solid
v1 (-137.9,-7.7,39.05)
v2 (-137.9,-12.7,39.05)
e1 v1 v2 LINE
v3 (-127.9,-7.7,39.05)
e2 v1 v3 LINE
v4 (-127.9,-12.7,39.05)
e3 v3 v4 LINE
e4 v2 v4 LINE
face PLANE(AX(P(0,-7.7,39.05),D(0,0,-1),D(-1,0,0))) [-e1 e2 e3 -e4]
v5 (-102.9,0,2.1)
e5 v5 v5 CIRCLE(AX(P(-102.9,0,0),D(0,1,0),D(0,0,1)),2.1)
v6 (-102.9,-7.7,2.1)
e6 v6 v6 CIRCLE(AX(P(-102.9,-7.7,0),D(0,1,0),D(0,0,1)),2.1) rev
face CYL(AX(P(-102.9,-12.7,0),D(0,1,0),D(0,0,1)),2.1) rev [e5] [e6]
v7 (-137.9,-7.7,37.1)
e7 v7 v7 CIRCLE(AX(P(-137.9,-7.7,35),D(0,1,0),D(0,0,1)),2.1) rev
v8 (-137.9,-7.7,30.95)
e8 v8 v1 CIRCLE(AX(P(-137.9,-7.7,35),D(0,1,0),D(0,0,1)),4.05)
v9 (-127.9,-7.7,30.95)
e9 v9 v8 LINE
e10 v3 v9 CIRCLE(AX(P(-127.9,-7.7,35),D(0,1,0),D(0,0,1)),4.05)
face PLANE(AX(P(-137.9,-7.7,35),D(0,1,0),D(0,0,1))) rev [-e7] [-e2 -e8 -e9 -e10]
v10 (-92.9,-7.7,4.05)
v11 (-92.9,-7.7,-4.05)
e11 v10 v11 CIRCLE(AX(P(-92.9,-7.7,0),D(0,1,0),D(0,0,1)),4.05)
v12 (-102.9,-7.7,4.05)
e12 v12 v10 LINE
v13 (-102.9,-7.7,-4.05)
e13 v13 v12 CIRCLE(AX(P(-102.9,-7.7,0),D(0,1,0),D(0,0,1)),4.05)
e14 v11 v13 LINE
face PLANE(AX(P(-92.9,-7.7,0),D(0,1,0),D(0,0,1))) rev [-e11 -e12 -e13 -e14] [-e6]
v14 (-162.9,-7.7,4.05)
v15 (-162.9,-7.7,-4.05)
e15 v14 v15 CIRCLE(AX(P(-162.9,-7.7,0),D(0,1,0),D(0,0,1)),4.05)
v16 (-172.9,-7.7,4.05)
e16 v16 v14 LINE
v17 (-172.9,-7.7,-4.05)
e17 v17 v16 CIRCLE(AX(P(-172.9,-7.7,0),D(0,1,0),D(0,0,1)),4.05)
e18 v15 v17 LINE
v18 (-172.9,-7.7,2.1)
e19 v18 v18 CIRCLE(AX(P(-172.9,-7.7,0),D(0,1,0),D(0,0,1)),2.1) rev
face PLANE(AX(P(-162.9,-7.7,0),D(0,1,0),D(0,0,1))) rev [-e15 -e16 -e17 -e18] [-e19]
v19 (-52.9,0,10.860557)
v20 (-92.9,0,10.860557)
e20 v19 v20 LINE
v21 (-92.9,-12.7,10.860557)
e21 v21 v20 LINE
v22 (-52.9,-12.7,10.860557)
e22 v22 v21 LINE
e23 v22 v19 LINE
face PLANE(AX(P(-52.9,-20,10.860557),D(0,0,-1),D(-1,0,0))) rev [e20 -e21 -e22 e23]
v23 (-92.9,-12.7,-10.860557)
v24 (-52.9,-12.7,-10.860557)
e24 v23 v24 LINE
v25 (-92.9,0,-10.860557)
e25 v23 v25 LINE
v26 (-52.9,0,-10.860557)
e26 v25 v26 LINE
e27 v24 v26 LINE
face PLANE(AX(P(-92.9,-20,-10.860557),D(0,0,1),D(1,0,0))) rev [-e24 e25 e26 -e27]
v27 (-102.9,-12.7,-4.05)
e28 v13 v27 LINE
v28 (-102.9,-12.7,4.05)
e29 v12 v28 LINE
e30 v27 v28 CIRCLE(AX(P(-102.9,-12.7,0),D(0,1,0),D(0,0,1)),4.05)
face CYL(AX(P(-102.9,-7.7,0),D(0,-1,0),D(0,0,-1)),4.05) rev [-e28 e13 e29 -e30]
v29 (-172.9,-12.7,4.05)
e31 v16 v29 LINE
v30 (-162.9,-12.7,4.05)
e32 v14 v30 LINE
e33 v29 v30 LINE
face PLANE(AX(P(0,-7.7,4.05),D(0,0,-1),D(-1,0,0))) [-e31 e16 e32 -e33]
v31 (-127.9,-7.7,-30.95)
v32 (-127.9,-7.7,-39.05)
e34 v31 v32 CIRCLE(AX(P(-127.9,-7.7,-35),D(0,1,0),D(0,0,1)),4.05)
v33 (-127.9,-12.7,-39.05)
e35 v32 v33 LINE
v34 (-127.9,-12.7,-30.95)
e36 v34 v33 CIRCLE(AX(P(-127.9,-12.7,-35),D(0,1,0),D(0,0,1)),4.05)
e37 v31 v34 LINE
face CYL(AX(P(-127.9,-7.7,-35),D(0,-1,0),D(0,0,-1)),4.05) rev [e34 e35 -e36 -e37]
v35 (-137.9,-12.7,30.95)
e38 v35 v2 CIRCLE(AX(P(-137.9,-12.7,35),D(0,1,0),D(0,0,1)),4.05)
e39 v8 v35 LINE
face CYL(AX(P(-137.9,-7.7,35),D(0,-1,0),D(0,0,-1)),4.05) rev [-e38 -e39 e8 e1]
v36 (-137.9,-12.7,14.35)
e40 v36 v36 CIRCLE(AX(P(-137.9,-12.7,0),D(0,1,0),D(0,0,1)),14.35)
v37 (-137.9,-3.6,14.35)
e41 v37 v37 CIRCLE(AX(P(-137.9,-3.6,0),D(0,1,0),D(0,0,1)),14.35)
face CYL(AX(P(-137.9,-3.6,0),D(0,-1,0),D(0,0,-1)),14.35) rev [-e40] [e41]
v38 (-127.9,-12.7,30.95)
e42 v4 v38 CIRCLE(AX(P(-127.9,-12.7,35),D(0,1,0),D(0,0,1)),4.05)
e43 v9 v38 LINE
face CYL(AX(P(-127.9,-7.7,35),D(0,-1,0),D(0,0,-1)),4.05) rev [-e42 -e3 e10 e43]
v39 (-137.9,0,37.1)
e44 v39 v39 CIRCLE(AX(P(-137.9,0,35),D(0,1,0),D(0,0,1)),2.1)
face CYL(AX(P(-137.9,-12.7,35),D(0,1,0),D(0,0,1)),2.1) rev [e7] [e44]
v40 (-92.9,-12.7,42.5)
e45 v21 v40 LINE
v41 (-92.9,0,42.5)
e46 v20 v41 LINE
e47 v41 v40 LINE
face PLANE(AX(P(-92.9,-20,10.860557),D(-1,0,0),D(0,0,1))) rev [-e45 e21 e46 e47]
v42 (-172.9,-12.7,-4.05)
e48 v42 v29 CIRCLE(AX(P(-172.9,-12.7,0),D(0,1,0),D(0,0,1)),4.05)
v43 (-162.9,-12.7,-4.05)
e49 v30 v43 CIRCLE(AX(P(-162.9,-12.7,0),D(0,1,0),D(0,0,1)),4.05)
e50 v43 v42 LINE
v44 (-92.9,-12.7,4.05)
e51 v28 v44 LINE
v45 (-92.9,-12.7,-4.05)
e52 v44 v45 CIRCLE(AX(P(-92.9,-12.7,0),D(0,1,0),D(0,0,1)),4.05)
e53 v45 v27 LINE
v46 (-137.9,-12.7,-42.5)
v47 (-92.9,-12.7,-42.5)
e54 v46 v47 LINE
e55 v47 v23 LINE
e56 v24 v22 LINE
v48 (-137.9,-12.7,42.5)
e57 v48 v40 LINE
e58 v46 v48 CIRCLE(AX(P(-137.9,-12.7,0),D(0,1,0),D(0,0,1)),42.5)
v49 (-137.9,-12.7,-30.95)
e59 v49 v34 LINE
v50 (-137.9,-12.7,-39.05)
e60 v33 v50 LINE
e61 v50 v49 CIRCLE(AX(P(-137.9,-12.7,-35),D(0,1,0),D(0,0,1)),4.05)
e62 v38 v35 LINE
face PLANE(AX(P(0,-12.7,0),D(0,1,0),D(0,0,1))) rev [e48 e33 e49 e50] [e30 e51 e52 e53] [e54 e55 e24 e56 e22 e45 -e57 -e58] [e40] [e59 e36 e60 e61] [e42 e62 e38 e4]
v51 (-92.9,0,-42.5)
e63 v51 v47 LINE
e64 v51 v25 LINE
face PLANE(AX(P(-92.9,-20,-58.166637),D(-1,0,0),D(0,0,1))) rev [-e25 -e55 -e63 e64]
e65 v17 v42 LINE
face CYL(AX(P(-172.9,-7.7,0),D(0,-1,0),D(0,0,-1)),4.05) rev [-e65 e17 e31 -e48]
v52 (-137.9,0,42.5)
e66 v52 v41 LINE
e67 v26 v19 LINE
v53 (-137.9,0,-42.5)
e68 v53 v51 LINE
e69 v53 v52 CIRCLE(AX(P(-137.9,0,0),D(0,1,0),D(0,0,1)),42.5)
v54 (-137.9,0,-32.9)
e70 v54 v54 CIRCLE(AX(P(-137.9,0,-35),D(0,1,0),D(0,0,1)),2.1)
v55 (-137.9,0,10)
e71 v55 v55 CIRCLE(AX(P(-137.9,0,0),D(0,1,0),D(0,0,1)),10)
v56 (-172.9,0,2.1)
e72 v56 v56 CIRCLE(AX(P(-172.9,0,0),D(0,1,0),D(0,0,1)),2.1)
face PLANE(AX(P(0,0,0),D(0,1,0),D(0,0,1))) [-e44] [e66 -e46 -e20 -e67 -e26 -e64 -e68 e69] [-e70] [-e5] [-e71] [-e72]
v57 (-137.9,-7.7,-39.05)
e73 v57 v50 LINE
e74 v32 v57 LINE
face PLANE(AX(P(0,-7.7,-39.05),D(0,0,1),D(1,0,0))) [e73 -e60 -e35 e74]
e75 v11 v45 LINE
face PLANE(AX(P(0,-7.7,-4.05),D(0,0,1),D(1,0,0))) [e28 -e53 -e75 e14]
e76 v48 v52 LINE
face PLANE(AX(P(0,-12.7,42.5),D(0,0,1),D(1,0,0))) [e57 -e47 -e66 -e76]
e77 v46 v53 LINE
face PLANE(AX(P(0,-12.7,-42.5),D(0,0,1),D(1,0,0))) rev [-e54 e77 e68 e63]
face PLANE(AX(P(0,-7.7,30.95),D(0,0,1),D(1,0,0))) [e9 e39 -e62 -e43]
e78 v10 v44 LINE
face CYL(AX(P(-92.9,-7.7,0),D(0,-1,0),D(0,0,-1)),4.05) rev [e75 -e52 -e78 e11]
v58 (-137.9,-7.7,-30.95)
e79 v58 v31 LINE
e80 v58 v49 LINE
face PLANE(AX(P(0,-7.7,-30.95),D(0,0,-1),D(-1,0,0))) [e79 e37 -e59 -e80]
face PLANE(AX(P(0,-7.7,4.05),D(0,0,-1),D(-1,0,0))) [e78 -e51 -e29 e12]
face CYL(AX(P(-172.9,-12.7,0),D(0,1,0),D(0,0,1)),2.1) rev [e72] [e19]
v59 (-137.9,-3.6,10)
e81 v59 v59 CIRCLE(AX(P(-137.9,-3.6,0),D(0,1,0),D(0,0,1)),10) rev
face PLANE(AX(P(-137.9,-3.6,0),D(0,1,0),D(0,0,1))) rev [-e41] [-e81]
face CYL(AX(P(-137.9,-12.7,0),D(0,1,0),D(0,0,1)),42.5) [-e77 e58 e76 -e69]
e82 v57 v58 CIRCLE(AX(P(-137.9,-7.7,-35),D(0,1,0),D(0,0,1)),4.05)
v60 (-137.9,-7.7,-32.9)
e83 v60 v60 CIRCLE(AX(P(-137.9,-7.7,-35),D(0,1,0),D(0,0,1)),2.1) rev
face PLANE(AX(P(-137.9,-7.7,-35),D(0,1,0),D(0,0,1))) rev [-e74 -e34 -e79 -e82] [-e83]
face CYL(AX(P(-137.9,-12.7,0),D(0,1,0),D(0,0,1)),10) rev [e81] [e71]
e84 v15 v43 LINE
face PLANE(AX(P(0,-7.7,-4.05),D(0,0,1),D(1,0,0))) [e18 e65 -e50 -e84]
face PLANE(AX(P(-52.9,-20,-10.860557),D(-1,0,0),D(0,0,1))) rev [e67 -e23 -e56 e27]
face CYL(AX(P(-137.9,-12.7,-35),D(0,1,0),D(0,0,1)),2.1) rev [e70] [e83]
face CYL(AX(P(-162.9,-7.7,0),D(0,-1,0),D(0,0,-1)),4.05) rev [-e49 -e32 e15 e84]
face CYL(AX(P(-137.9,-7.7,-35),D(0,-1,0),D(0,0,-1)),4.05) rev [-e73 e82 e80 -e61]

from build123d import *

# Parameters (mm, degrees)
SKETCH1_R           = 2.1
SKETCH1_R_2         = 10
BOSS_EXTRUDE1_DEPTH = 12.7
SKETCH2_R           = 14.35
CUT_EXTRUDE1_DEPTH  = 8.1
CUT_EXTRUDE2_START  = -12.7
SKETCH3_R           = 14.35
CUT_EXTRUDE2_DEPTH  = 9.1
CUT_EXTRUDE3_START  = -12.7
CUT_EXTRUDE3_DEPTH  = 5
CUT_EXTRUDE4_DEPTH  = 20


with BuildPart() as part:
    # Sketch1 → Boss-Extrude1 (new body)
    with BuildSketch(Plane(origin=(0, 0, 0), x_dir=(1, 0, 0), z_dir=(0, 1, 0))):
        with BuildLine():
            Line((0, 42.5), (-137.9, 42.5))
            ThreePointArc((-137.9, 42.5), (-180.4, 0), (-137.9, -42.5))
            Line((-137.9, -42.5), (0, -42.5))
            ThreePointArc((0, -42.5), (42.5, 0), (0, 42.5))
        make_face()
        with Locations(Location((-102.9, 0, 0), (0, 0, 270))):
            Circle(SKETCH1_R, mode=Mode.SUBTRACT)
        with Locations(Location((-137.9, 35, 0), (0, 0, 270))):
            Circle(SKETCH1_R, mode=Mode.SUBTRACT)
        with Locations(Location((-137.9, -35, 0), (0, 0, 270))):
            Circle(SKETCH1_R, mode=Mode.SUBTRACT)
        with Locations(Location((-172.9, 0, 0), (0, 0, 270))):
            Circle(SKETCH1_R, mode=Mode.SUBTRACT)
        with Locations(Location((-137.9, 0, 0), (0, 0, 270))):
            Circle(SKETCH1_R_2, mode=Mode.SUBTRACT)
        with Locations(Location((0, 35, 0), (0, 0, 270))):
            Circle(SKETCH1_R, mode=Mode.SUBTRACT)
        with Locations(Location((0, -35, 0), (0, 0, 270))):
            Circle(SKETCH1_R, mode=Mode.SUBTRACT)
        with Locations(Location((-17.67766953, -17.67766953, 0), (0, 0, 270))):
            Circle(SKETCH1_R, mode=Mode.SUBTRACT)
        with Locations(Location((17.67766953, -17.67766953, 0), (0, 0, 270))):
            Circle(SKETCH1_R, mode=Mode.SUBTRACT)
        with Locations(Location((-35, 0, 0), (0, 0, 270))):
            Circle(SKETCH1_R, mode=Mode.SUBTRACT)
        with Locations(Location((-17.67766953, 17.67766953, 0), (0, 0, 270))):
            Circle(SKETCH1_R, mode=Mode.SUBTRACT)
        with Locations(Location((0, 0, 0), (0, 0, 270))):
            Circle(SKETCH1_R_2, mode=Mode.SUBTRACT)
        with Locations(Location((35, 0, 0), (0, 0, 270))):
            Circle(SKETCH1_R, mode=Mode.SUBTRACT)
        with Locations(Location((17.67766953, 17.67766953, 0), (0, 0, 270))):
            Circle(SKETCH1_R, mode=Mode.SUBTRACT)
    extrude(amount=-BOSS_EXTRUDE1_DEPTH)

    # Sketch2 → Cut-Extrude1 (cut)
    with BuildSketch(Plane(origin=(0, 0, 0), x_dir=(1, 0, 0), z_dir=(0, 1, 0))):
        with Locations(Location((0, 0, 0), (0, 0, 270))):
            Circle(SKETCH2_R)
    extrude(amount=-CUT_EXTRUDE1_DEPTH, mode=Mode.SUBTRACT)

    # Sketch3 → Cut-Extrude2 (cut)
    with BuildSketch(Plane(origin=(0, 0, 0), x_dir=(1, 0, 0), z_dir=(0, 1, 0)).offset(CUT_EXTRUDE2_START)):
        with Locations(Location((-137.9, 0, 0), (0, 0, 270))):
            Circle(SKETCH3_R)
    extrude(amount=CUT_EXTRUDE2_DEPTH, mode=Mode.SUBTRACT)

    # Sketch4 → Cut-Extrude3 (cut)
    with BuildSketch(Plane(origin=(0, 0, 0), x_dir=(1, 0, 0), z_dir=(0, 1, 0)).offset(CUT_EXTRUDE3_START)):
        with BuildLine():
            Line((-162.9, -4.05), (-172.9, -4.05))
            ThreePointArc((-172.9, -4.05), (-176.95, 0), (-172.9, 4.05))
            Line((-172.9, 4.05), (-162.9, 4.05))
            ThreePointArc((-162.9, 4.05), (-158.85, 0), (-162.9, -4.05))
        make_face()
        with BuildLine():
            Line((-137.9, -30.95), (-127.9, -30.95))
            ThreePointArc((-127.9, -30.95), (-123.85, -35), (-127.9, -39.05))
            Line((-127.9, -39.05), (-137.9, -39.05))
            ThreePointArc((-137.9, -39.05), (-141.95, -35), (-137.9, -30.95))
        make_face()
        with BuildLine():
            Line((-92.9, -4.05), (-102.9, -4.05))
            ThreePointArc((-102.9, -4.05), (-106.95, 0), (-102.9, 4.05))
            Line((-102.9, 4.05), (-92.9, 4.05))
            ThreePointArc((-92.9, 4.05), (-88.85, 0), (-92.9, -4.05))
        make_face()
        with BuildLine():
            Line((-137.9, 39.05), (-127.9, 39.05))
            ThreePointArc((-127.9, 39.05), (-123.85, 35), (-127.9, 30.95))
            Line((-127.9, 30.95), (-137.9, 30.95))
            ThreePointArc((-137.9, 30.95), (-141.95, 35), (-137.9, 39.05))
        make_face()
    extrude(amount=CUT_EXTRUDE3_DEPTH, mode=Mode.SUBTRACT)

    # Sketch6 → Cut-Extrude4 (cut)
    with BuildSketch(Plane(origin=(0, 0, 0), x_dir=(1, 0, 0), z_dir=(0, 1, 0))):
        Polygon((-92.9, 10.860556918), (-52.9, 10.860556918), (-52.9, -10.860556918), (-92.9, -10.860556918), (-92.9, -58.166636569), (47.985280952, -58.166636569), (47.985280952, 58.166636569), (-92.9, 58.166636569), align=None)
    extrude(amount=-CUT_EXTRUDE4_DEPTH, mode=Mode.SUBTRACT)


solid = part.part
